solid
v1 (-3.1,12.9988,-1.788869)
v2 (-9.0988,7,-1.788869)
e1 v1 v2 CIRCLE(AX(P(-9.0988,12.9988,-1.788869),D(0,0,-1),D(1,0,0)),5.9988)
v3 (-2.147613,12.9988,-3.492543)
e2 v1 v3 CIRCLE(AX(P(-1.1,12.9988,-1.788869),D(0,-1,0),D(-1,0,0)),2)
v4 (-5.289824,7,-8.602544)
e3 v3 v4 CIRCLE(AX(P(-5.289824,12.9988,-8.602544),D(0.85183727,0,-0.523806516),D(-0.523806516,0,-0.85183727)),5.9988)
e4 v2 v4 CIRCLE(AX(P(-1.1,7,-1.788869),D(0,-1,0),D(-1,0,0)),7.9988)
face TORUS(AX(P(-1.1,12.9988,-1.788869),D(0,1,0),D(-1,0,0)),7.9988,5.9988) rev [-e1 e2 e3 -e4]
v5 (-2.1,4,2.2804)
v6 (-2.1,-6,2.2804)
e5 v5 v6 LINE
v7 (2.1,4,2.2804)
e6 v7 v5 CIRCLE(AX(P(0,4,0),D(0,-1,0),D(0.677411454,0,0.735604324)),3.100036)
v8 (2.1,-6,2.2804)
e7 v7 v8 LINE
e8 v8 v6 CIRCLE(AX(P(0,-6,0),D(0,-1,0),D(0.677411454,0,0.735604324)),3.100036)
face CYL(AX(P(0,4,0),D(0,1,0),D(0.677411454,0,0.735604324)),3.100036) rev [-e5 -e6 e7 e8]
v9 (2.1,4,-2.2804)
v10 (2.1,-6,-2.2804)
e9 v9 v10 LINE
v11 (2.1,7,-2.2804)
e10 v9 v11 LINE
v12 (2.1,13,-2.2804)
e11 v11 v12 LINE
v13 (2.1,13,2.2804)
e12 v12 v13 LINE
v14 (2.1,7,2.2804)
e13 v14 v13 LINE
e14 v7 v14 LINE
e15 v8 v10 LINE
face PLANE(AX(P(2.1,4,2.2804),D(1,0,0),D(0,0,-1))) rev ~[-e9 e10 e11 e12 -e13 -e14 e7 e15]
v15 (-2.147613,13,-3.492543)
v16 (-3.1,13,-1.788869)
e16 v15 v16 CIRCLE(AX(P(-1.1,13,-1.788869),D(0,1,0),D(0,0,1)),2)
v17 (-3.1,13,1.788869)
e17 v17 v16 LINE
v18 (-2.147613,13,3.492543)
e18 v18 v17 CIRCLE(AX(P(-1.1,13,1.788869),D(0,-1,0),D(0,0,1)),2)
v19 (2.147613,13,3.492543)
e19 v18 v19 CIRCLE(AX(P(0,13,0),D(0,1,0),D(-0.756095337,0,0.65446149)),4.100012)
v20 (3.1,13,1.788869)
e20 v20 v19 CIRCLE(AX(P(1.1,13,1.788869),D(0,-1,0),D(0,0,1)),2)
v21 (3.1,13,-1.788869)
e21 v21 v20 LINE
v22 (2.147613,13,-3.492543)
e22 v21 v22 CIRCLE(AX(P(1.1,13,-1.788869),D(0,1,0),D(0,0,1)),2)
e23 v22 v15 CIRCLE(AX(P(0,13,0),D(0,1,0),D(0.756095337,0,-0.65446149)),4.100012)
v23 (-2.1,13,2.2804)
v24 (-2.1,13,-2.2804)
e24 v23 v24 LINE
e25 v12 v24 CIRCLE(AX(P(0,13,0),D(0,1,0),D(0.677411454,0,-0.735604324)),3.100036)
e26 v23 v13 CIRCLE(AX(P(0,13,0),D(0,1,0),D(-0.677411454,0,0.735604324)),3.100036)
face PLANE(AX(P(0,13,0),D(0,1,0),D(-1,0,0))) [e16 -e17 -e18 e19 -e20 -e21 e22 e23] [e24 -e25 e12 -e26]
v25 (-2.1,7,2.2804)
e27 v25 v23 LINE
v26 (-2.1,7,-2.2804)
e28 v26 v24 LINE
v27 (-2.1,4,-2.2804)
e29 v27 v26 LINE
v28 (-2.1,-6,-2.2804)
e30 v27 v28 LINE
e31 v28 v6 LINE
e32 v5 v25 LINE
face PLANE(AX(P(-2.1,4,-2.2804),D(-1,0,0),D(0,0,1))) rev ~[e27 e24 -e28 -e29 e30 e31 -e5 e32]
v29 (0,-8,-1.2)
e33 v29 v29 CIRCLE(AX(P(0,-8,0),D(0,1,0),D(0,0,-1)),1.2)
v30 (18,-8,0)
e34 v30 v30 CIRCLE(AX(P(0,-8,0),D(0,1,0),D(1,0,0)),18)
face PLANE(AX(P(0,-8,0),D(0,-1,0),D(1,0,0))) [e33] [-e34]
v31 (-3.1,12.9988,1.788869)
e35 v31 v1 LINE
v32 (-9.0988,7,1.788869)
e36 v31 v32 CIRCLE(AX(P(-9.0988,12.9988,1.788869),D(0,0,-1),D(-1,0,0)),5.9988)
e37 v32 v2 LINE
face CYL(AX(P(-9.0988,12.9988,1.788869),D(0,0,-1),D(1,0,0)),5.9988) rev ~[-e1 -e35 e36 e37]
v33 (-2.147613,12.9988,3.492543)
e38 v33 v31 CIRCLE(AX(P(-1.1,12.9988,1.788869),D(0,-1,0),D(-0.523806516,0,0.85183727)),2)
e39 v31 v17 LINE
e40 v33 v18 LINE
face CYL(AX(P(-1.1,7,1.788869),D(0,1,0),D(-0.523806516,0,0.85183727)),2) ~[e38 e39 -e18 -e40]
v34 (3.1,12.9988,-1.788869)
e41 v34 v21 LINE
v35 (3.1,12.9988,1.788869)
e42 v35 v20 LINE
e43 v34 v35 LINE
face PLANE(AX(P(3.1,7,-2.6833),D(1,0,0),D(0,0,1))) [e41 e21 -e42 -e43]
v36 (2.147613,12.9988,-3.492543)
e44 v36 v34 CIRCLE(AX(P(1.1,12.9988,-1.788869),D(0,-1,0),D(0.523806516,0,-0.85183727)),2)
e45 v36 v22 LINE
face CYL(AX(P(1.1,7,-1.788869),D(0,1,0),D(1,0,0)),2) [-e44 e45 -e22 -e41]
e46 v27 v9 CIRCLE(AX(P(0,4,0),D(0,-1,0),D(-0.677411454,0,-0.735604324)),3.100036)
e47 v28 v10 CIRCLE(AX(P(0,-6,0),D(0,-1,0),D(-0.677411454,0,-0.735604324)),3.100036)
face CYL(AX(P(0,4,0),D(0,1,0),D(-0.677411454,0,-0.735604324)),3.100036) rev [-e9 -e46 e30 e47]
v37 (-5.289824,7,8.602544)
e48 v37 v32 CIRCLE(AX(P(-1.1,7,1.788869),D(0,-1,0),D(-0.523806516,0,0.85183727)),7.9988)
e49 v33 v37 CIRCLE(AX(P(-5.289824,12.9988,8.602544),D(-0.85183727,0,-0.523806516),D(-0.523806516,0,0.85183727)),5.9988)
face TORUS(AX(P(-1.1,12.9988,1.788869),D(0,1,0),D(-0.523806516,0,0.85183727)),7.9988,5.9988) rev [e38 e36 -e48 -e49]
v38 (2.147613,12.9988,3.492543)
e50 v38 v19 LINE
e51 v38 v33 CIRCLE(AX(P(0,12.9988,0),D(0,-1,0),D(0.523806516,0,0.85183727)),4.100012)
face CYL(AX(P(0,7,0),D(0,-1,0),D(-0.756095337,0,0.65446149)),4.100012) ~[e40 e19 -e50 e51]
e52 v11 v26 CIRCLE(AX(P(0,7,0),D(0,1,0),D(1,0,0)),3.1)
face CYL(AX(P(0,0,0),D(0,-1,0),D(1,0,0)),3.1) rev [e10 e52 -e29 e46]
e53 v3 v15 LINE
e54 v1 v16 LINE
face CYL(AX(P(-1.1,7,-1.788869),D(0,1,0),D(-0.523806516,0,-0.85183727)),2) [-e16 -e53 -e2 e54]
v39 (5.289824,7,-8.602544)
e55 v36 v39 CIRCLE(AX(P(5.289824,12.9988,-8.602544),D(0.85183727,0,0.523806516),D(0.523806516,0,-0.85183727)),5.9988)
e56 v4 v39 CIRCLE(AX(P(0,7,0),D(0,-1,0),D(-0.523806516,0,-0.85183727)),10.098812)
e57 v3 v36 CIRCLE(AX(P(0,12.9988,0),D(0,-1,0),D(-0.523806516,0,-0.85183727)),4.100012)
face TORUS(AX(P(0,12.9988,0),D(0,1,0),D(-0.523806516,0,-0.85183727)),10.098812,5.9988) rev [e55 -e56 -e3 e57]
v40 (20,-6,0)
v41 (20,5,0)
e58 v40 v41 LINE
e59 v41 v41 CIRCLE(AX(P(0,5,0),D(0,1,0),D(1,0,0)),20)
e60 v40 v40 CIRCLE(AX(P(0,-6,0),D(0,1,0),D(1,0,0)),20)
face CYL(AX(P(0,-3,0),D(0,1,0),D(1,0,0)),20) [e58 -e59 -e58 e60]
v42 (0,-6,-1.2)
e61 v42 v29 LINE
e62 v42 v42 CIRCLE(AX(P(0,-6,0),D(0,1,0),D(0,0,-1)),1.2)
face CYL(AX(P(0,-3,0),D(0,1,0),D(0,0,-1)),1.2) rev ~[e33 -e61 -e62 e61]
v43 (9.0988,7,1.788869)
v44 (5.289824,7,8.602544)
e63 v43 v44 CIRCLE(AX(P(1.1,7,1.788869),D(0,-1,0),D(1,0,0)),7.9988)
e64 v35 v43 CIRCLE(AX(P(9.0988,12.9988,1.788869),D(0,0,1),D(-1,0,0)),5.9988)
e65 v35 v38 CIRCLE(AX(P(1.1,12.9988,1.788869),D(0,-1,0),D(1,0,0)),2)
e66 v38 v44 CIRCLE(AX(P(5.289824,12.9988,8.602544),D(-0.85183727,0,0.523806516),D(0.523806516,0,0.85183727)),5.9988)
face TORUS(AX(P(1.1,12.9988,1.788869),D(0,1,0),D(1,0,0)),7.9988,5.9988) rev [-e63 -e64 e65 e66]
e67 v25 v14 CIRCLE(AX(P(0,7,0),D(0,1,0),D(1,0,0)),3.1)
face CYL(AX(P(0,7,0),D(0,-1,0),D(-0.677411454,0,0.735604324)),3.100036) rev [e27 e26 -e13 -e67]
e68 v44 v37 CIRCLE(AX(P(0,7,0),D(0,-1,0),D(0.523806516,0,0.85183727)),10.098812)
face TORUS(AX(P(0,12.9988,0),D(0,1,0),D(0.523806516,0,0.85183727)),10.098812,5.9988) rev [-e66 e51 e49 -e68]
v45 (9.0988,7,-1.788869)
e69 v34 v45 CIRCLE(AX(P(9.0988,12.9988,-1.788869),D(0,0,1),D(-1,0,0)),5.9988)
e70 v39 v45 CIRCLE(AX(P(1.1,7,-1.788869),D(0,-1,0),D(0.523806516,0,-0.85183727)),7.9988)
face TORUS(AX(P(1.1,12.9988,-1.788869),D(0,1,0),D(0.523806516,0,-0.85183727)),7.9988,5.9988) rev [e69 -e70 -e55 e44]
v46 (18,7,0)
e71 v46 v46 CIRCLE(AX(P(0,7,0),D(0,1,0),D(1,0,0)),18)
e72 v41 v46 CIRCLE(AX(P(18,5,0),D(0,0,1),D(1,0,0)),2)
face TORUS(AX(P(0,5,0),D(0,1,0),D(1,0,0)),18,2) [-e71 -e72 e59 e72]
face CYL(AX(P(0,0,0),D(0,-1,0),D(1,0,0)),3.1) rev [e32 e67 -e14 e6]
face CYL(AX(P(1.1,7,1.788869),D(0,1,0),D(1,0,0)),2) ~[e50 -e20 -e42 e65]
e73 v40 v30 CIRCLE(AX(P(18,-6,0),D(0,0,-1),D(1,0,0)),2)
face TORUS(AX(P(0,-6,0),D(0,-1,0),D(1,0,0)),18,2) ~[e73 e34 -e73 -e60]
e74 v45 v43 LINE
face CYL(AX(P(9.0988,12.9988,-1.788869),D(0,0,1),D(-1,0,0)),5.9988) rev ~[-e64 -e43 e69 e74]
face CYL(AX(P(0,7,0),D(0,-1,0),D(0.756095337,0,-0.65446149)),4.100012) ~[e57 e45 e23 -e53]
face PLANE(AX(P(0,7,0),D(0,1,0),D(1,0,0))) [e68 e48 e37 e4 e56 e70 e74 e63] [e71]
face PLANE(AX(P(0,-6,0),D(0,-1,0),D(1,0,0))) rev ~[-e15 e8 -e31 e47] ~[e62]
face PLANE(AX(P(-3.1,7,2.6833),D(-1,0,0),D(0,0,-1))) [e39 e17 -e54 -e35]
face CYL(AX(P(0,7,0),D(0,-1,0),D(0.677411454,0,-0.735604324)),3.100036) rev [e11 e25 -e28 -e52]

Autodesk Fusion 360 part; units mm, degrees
sketch "Esquisse1" plane through (0, 0, 0) normal (0, 1, 0) x (1, 0, 0)
  circle A0 centre (0, 0) radius 20
  circle A1 centre (0, 0) radius 3.1
  line L0 (-2.1, -2.2804) -> (-2.1, 2.2804)
  line L1 (2.1, -2.2804) -> (2.1, 2.2804)
  line L2 (0, 0) -> (0, -3.1) construction
  line L3 (0, 0) -> (0, 3.1) construction
  dimension "d1" = 40
  dimension "d4" = 6.2
  dimension "d5" = 4.2
extrude "Extrusion1" add sketch "Esquisse1" along normal blind 7 contours A0 | A1 L1 | A1 L0
sketch "Esquisse2" plane through (0, 0, 0) normal (0, -1, 0) x (1, 0, 0)
  arc A0 (2.1, 2.2804) -> (-2.1, 2.2804) centre (0, 0) ccw
  line L0 (2.1, 2.2804) -> (2.1, -2.2804)
  arc A1 (-2.1, -2.2804) -> (2.1, -2.2804) centre (0, 0) ccw
  line L1 (-2.1, -2.2804) -> (-2.1, 2.2804)
  circle A2 centre (0, 0) radius 20
extrude "Extrusion2" add sketch "Esquisse2" against normal blind 4 contours A0 L0 A1 L1
hole "Perçage1" at (0, 0, 0) direction (0, 1, 0) diameter 2.4 depth 23 tip angle 118
sketch "Esquisse3" plane through (0, 7, 0) normal (0, 1, 0) x (-1, 0, 0)
  arc A0 (2.1, 2.2804) -> (-2.1, 2.2804) centre (0, 0) ccw
  line L0 (2.1, 2.2804) -> (2.1, -2.2804)
  arc A1 (-2.1, -2.2804) -> (2.1, -2.2804) centre (0, 0) ccw
  line L1 (-2.1, -2.2804) -> (-2.1, 2.2804)
  circle A2 centre (0, 0) radius 20
  arc A3 (2.1, 2.2804) -> (-2.1, 2.2804) centre (0, 0) ccw
  line L2 (-2.1, 2.2804) -> (-2.1, -2.2804)
  arc A4 (-2.1, -2.2804) -> (2.1, -2.2804) centre (0, 0) ccw
  line L3 (2.1, -2.2804) -> (2.1, 2.2804)
  arc A5 (-3.1, -2.6833) -> (3.1, -2.6833) centre (0, 0) ccw
  line L4 (3.1, 2.6833) -> (3.1, -2.6833)
  arc A6 (3.1, 2.6833) -> (-3.1, 2.6833) centre (0, 0) ccw
  line L5 (-3.1, -2.6833) -> (-3.1, 2.6833)
  circle A7 centre (0, 0) radius 1.2
  dimension "d11" = -1
extrude "Extrusion3" add sketch "Esquisse3" along normal blind 6 contours A5 L4 A6 L5
fillet "Congé1" radius 2 4 edges at (3.1, 10, 2.6833) (3.1, 10, -2.6833) (-3.1, 10, 2.6833) (-3.1, 10, -2.6833)
fillet "Congé2" radius 6 8 edges at (3.1, 7, 0) (2.8457, 7, 2.7648) (0, 7, 4.1) (-2.8457, 7, 2.7648) (-3.1, 7, 0) (-2.8457, 7, -2.7648) (0, 7, -4.1) (2.8457, 7, -2.7648)
sketch "Esquisse4" plane through (0, 7, 0) normal (0, 1, 0) x (-1, 0, 0)
  circle A0 centre (0, 0) radius 20
  line L0 (-9.1, -1.7889) -> (-9.1, 1.7889)
  arc A1 (-5.2905, 8.6035) -> (-9.1, 1.7889) centre (-1.1, 1.7889) ccw
  arc A2 (5.2905, 8.6035) -> (-5.2905, 8.6035) centre (0, 0) ccw
  arc A3 (9.1, 1.7889) -> (5.2905, 8.6035) centre (1.1, 1.7889) ccw
  line L1 (9.1, 1.7889) -> (9.1, -1.7889)
  arc A4 (5.2905, -8.6035) -> (9.1, -1.7889) centre (1.1, -1.7889) ccw
  arc A5 (-5.2905, -8.6035) -> (5.2905, -8.6035) centre (0, 0) ccw
  arc A6 (-9.1, -1.7889) -> (-5.2905, -8.6035) centre (-1.1, -1.7889) ccw
  circle A7 centre (0, 0) radius 20
  circle A8 centre (0, 0) radius 10.25
  line L2 (0, 0) -> (0, 20) construction
  line L3 (0, 10.25) -> (0, 20) construction
  circle A9 centre (0, 0) radius 18
  line L4 (2.5, 12) -> (2.5, 16)
  arc A10 (2.5, 16) -> (-2.5, 16) centre (0, 16) ccw
  line L5 (-2.5, 16) -> (-2.5, 12)
  arc A11 (-2.5, 12) -> (2.5, 12) centre (0, 12) ccw
  line L6 (0, 12) -> (0, 16) construction
  arc A12 (-1.5, 12) -> (1.5, 12) centre (0, 12) ccw
  line L7 (1.5, 12) -> (1.5, 16)
  arc A13 (1.5, 16) -> (-1.5, 16) centre (0, 16) ccw
  line L8 (-1.5, 16) -> (-1.5, 12)
  line L9 (-15.9894, 2.5666) -> (-12.1852, 1.3306)
  line L10 (-15.6804, 3.5177) -> (-11.8762, 2.2816)
  arc A14 (-14.7534, 6.3709) -> (-15.6804, 3.5177) centre (-15.2169, 4.9443) ccw
  arc A15 (-14.4444, 7.3219) -> (-15.9894, 2.5666) centre (-15.2169, 4.9443) ccw
  line L11 (-10.6401, 6.0858) -> (-14.4444, 7.3219)
  line L12 (-10.9492, 5.1348) -> (-14.7534, 6.3709)
  arc A16 (-11.8762, 2.2816) -> (-10.9492, 5.1348) centre (-11.4127, 3.7082) ccw
  arc A17 (-12.1852, 1.3306) -> (-10.6401, 6.0858) centre (-11.4127, 3.7082) ccw
  line L13 (-7.382, -14.4137) -> (-5.0309, -11.1777)
  line L14 (-8.191, -13.8259) -> (-5.8399, -10.5899)
  arc A18 (-10.6181, -12.0626) -> (-8.191, -13.8259) centre (-9.4046, -12.9443) ccw
  arc A19 (-11.4271, -11.4748) -> (-7.382, -14.4137) centre (-9.4046, -12.9443) ccw
  line L15 (-9.076, -8.2387) -> (-11.4271, -11.4748)
  line L16 (-8.2669, -8.8265) -> (-10.6181, -12.0626)
  arc A20 (-5.8399, -10.5899) -> (-8.2669, -8.8265) centre (-7.0534, -9.7082) ccw
  arc A21 (-5.0309, -11.1777) -> (-9.076, -8.2387) centre (-7.0534, -9.7082) ccw
  line L17 (11.4271, -11.4748) -> (9.076, -8.2387)
  line L18 (10.6181, -12.0626) -> (8.2669, -8.8265)
  arc A22 (8.191, -13.8259) -> (10.6181, -12.0626) centre (9.4046, -12.9443) ccw
  arc A23 (7.382, -14.4137) -> (11.4271, -11.4748) centre (9.4046, -12.9443) ccw
  line L19 (5.0309, -11.1777) -> (7.382, -14.4137)
  line L20 (5.8399, -10.5899) -> (8.191, -13.8259)
  arc A24 (8.2669, -8.8265) -> (5.8399, -10.5899) centre (7.0534, -9.7082) ccw
  arc A25 (9.076, -8.2387) -> (5.0309, -11.1777) centre (7.0534, -9.7082) ccw
  line L21 (14.4444, 7.3219) -> (10.6401, 6.0858)
  line L22 (14.7534, 6.3709) -> (10.9492, 5.1348)
  arc A26 (15.6804, 3.5177) -> (14.7534, 6.3709) centre (15.2169, 4.9443) ccw
  arc A27 (15.9894, 2.5666) -> (14.4444, 7.3219) centre (15.2169, 4.9443) ccw
  line L23 (12.1852, 1.3306) -> (15.9894, 2.5666)
  line L24 (11.8762, 2.2816) -> (15.6804, 3.5177)
  arc A28 (10.9492, 5.1348) -> (11.8762, 2.2816) centre (11.4127, 3.7082) ccw
  arc A29 (10.6401, 6.0858) -> (12.1852, 1.3306) centre (11.4127, 3.7082) ccw
  dimension "d18" = 20.5
  dimension "d19" = -2
  dimension "d20" = 16
  dimension "d21" = 12
  dimension "d22" = 5
  dimension "d23" = -1
  dimension "d25" = 360
extrude "Extrusion5" add 1 faces at (13.6578, 0, 1.0235) along direction (0, -1, 0) blind 3
extrude "Extrusion6" add 1 faces at (13.6578, -3, 1.0235) along direction (0, -1, 0) blind 5
extrude "Extrusion7" cut 1 faces at (-1.7989, 4, 0.0299) along direction (0, -1, 0) blind 10
fillet "Congé4" radius 2 2 edges at (-18.6465, -8, -7.2323) (-18.6465, 7, 7.2323)
